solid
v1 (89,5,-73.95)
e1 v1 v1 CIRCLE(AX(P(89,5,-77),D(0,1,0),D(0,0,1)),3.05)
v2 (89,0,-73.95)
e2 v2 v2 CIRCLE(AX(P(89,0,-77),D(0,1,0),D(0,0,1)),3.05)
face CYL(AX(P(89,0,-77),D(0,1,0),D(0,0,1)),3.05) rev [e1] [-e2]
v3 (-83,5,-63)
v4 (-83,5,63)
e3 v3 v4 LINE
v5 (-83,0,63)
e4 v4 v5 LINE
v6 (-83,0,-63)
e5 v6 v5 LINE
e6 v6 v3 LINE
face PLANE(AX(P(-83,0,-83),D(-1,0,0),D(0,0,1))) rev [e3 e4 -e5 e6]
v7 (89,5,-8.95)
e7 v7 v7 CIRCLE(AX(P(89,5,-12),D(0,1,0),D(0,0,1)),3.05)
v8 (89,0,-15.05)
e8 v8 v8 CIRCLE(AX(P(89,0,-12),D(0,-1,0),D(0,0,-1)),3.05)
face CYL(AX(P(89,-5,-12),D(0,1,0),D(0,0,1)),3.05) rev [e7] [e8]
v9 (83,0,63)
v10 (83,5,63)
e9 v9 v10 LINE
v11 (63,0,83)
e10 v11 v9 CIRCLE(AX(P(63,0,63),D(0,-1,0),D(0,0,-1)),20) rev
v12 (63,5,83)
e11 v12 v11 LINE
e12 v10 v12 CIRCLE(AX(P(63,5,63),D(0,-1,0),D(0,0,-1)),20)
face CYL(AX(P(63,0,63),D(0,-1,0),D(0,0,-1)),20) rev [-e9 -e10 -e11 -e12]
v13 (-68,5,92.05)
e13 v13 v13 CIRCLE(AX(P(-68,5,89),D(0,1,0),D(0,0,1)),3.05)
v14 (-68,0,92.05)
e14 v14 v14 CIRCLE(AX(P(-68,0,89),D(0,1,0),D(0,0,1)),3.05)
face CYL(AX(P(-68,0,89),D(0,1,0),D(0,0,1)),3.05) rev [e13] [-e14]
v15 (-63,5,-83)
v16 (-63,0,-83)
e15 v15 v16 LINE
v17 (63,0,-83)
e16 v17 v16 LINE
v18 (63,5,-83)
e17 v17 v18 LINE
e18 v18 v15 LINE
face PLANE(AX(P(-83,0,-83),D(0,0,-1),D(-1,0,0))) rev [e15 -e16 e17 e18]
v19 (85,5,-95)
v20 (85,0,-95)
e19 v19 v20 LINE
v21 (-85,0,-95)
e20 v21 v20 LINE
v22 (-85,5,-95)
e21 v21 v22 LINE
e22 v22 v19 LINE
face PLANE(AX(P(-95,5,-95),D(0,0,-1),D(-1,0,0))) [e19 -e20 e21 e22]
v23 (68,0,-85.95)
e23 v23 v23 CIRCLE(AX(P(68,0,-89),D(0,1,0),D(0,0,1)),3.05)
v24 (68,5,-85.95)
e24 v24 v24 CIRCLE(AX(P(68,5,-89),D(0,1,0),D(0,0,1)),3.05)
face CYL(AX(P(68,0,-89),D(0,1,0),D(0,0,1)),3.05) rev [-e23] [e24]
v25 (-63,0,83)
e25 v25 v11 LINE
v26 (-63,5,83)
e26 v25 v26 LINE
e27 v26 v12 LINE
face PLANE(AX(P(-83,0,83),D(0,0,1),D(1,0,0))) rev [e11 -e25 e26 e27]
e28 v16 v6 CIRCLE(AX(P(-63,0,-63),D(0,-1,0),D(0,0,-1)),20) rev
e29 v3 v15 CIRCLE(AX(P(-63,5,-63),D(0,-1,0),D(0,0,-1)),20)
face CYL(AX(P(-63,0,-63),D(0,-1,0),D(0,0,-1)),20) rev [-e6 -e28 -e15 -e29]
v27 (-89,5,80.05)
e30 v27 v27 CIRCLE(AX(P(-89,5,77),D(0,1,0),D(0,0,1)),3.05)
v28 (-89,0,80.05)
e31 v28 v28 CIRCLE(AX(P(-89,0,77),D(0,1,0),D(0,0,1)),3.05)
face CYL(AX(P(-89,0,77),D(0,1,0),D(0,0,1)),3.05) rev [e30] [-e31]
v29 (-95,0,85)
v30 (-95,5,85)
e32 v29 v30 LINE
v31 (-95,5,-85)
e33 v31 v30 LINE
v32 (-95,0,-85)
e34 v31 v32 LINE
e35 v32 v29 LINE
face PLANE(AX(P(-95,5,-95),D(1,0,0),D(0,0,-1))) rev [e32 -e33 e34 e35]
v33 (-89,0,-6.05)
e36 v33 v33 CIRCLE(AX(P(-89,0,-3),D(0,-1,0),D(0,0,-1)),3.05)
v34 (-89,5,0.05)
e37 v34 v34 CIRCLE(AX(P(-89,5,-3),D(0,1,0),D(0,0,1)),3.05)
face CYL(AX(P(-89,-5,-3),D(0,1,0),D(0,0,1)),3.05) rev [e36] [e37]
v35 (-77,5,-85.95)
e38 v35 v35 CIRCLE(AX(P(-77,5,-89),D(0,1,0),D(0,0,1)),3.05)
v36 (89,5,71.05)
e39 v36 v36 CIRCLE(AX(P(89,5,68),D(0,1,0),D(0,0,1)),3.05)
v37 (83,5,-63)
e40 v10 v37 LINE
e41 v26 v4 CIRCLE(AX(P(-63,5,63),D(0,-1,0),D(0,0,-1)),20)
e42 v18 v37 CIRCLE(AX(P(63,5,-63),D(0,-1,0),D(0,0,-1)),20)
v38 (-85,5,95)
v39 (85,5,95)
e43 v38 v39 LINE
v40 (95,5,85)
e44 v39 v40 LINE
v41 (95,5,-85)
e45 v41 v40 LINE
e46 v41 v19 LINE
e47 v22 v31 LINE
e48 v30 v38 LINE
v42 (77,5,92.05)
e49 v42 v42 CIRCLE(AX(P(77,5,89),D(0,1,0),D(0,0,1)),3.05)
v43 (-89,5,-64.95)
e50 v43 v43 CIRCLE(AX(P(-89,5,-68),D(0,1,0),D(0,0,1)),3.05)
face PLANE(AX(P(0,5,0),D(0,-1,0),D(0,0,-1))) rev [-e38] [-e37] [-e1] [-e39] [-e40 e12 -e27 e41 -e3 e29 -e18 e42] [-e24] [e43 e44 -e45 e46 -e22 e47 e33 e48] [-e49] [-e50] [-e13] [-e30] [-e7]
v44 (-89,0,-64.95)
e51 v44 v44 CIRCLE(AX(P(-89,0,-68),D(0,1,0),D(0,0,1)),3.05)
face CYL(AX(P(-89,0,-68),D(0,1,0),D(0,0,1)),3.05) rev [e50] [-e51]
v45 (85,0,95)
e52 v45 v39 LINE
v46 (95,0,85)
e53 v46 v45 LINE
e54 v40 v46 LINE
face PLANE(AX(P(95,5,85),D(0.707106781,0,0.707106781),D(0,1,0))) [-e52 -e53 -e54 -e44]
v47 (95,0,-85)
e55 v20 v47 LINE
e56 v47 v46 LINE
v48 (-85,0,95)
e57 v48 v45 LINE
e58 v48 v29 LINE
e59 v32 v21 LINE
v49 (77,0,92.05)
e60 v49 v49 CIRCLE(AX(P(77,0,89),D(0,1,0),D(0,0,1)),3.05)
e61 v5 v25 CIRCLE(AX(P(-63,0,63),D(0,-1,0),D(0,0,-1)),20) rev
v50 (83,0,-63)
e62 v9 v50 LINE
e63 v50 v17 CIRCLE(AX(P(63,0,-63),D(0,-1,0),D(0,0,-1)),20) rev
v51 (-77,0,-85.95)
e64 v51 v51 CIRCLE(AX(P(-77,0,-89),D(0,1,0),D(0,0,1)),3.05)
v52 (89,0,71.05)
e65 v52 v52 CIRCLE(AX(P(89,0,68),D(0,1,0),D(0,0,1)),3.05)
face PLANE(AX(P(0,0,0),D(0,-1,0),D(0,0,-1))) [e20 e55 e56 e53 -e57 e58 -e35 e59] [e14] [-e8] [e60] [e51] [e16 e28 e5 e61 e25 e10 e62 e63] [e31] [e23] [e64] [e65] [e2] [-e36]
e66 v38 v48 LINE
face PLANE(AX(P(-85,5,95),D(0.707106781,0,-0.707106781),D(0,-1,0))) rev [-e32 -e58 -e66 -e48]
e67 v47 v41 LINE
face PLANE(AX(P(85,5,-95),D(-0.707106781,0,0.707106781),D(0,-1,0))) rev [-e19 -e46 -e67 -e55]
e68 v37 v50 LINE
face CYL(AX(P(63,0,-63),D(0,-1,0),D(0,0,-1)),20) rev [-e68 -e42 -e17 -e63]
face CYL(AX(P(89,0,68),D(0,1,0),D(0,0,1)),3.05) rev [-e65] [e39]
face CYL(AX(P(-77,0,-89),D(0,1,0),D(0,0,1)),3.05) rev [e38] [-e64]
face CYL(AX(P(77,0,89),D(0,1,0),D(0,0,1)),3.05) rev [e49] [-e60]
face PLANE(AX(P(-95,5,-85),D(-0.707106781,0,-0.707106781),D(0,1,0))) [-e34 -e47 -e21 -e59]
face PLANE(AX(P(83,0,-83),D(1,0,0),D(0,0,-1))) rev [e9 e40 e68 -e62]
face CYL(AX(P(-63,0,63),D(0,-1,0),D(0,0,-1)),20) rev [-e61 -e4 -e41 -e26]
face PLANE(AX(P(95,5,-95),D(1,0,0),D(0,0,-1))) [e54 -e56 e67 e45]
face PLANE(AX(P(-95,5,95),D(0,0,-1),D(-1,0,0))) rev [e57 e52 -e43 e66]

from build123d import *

# Parameters (mm, degrees)
SKETCH1_W           = 190
SKETCH1_H           = 190
BOSS_EXTRUDE1_DEPTH = 5
SKETCH2_W           = 166
SKETCH2_H           = 166
CUT_EXTRUDE1_DEPTH  = 135.443296597
FILLET1_R           = 20
SKETCH3_R           = 3.05
CUT_EXTRUDE2_DEPTH  = 135.443296597
SKETCH4_R           = 3.05
CUT_EXTRUDE3_DEPTH  = 10
CHAMFER1_SIZE       = 10


with BuildPart() as part:
    # Sketch1 → Boss-Extrude1 (new body)
    with BuildSketch(Plane(origin=(0, 0, 0), x_dir=(1, 0, 0), z_dir=(0, 1, 0))):
        Rectangle(SKETCH1_W, SKETCH1_H)
    extrude(amount=BOSS_EXTRUDE1_DEPTH)

    # Sketch2 → Cut-Extrude1 (cut, through all)
    with BuildSketch(Plane(origin=(0, 5, 0), x_dir=(1, 0, 0), z_dir=(0, 1, 0))):
        Rectangle(SKETCH2_W, SKETCH2_H)
    extrude(amount=-CUT_EXTRUDE1_DEPTH, mode=Mode.SUBTRACT)

    # Fillet1
    fillet1_edges = [part.edges().sort_by_distance(p)[0] for p in [
        (83, 2.5, -83),
        (83, 2.5, 83),
        (-83, 2.5, 83),
        (-83, 2.5, -83),
    ]]
    fillet(fillet1_edges, radius=FILLET1_R)

    # Sketch3 → Cut-Extrude2 (cut, through all)
    with BuildSketch(Plane(origin=(0, 5, 0), x_dir=(1, 0, 0), z_dir=(0, 1, 0))):
        with Locations(Location((-77, 89, 0), (0, 0, 270))):
            Circle(SKETCH3_R)
        with Locations(Location((-89, 68, 0), (0, 0, 270))):
            Circle(SKETCH3_R)
        with Locations(Location((89, 77, 0), (0, 0, 270))):
            Circle(SKETCH3_R)
        with Locations(Location((68, 89, 0), (0, 0, 270))):
            Circle(SKETCH3_R)
        with Locations(Location((77, -89, 0), (0, 0, 270))):
            Circle(SKETCH3_R)
        with Locations(Location((89, -68, 0), (0, 0, 270))):
            Circle(SKETCH3_R)
        with Locations(Location((-89, -77, 0), (0, 0, 270))):
            Circle(SKETCH3_R)
        with Locations(Location((-68, -89, 0), (0, 0, 270))):
            Circle(SKETCH3_R)
    extrude(amount=-CUT_EXTRUDE2_DEPTH, mode=Mode.SUBTRACT)

    # Sketch4 → Cut-Extrude3 (cut)
    with BuildSketch(Plane(origin=(0, 5, 0), x_dir=(1, 0, 0), z_dir=(0, 1, 0))):
        with Locations(Location((-89, 3, 0), (0, 0, 270))):
            Circle(SKETCH4_R)
        with Locations(Location((89, 12, 0), (0, 0, 270))):
            Circle(SKETCH4_R)
    extrude(amount=-CUT_EXTRUDE3_DEPTH, mode=Mode.SUBTRACT)

    # Chamfer1
    chamfer1_edges = [part.edges().sort_by_distance(p)[0] for p in [
        (-95, 2.5, -95),
        (-95, 2.5, 95),
        (95, 2.5, 95),
        (95, 2.5, -95),
    ]]
    chamfer(chamfer1_edges, length=CHAMFER1_SIZE)


solid = part.part
